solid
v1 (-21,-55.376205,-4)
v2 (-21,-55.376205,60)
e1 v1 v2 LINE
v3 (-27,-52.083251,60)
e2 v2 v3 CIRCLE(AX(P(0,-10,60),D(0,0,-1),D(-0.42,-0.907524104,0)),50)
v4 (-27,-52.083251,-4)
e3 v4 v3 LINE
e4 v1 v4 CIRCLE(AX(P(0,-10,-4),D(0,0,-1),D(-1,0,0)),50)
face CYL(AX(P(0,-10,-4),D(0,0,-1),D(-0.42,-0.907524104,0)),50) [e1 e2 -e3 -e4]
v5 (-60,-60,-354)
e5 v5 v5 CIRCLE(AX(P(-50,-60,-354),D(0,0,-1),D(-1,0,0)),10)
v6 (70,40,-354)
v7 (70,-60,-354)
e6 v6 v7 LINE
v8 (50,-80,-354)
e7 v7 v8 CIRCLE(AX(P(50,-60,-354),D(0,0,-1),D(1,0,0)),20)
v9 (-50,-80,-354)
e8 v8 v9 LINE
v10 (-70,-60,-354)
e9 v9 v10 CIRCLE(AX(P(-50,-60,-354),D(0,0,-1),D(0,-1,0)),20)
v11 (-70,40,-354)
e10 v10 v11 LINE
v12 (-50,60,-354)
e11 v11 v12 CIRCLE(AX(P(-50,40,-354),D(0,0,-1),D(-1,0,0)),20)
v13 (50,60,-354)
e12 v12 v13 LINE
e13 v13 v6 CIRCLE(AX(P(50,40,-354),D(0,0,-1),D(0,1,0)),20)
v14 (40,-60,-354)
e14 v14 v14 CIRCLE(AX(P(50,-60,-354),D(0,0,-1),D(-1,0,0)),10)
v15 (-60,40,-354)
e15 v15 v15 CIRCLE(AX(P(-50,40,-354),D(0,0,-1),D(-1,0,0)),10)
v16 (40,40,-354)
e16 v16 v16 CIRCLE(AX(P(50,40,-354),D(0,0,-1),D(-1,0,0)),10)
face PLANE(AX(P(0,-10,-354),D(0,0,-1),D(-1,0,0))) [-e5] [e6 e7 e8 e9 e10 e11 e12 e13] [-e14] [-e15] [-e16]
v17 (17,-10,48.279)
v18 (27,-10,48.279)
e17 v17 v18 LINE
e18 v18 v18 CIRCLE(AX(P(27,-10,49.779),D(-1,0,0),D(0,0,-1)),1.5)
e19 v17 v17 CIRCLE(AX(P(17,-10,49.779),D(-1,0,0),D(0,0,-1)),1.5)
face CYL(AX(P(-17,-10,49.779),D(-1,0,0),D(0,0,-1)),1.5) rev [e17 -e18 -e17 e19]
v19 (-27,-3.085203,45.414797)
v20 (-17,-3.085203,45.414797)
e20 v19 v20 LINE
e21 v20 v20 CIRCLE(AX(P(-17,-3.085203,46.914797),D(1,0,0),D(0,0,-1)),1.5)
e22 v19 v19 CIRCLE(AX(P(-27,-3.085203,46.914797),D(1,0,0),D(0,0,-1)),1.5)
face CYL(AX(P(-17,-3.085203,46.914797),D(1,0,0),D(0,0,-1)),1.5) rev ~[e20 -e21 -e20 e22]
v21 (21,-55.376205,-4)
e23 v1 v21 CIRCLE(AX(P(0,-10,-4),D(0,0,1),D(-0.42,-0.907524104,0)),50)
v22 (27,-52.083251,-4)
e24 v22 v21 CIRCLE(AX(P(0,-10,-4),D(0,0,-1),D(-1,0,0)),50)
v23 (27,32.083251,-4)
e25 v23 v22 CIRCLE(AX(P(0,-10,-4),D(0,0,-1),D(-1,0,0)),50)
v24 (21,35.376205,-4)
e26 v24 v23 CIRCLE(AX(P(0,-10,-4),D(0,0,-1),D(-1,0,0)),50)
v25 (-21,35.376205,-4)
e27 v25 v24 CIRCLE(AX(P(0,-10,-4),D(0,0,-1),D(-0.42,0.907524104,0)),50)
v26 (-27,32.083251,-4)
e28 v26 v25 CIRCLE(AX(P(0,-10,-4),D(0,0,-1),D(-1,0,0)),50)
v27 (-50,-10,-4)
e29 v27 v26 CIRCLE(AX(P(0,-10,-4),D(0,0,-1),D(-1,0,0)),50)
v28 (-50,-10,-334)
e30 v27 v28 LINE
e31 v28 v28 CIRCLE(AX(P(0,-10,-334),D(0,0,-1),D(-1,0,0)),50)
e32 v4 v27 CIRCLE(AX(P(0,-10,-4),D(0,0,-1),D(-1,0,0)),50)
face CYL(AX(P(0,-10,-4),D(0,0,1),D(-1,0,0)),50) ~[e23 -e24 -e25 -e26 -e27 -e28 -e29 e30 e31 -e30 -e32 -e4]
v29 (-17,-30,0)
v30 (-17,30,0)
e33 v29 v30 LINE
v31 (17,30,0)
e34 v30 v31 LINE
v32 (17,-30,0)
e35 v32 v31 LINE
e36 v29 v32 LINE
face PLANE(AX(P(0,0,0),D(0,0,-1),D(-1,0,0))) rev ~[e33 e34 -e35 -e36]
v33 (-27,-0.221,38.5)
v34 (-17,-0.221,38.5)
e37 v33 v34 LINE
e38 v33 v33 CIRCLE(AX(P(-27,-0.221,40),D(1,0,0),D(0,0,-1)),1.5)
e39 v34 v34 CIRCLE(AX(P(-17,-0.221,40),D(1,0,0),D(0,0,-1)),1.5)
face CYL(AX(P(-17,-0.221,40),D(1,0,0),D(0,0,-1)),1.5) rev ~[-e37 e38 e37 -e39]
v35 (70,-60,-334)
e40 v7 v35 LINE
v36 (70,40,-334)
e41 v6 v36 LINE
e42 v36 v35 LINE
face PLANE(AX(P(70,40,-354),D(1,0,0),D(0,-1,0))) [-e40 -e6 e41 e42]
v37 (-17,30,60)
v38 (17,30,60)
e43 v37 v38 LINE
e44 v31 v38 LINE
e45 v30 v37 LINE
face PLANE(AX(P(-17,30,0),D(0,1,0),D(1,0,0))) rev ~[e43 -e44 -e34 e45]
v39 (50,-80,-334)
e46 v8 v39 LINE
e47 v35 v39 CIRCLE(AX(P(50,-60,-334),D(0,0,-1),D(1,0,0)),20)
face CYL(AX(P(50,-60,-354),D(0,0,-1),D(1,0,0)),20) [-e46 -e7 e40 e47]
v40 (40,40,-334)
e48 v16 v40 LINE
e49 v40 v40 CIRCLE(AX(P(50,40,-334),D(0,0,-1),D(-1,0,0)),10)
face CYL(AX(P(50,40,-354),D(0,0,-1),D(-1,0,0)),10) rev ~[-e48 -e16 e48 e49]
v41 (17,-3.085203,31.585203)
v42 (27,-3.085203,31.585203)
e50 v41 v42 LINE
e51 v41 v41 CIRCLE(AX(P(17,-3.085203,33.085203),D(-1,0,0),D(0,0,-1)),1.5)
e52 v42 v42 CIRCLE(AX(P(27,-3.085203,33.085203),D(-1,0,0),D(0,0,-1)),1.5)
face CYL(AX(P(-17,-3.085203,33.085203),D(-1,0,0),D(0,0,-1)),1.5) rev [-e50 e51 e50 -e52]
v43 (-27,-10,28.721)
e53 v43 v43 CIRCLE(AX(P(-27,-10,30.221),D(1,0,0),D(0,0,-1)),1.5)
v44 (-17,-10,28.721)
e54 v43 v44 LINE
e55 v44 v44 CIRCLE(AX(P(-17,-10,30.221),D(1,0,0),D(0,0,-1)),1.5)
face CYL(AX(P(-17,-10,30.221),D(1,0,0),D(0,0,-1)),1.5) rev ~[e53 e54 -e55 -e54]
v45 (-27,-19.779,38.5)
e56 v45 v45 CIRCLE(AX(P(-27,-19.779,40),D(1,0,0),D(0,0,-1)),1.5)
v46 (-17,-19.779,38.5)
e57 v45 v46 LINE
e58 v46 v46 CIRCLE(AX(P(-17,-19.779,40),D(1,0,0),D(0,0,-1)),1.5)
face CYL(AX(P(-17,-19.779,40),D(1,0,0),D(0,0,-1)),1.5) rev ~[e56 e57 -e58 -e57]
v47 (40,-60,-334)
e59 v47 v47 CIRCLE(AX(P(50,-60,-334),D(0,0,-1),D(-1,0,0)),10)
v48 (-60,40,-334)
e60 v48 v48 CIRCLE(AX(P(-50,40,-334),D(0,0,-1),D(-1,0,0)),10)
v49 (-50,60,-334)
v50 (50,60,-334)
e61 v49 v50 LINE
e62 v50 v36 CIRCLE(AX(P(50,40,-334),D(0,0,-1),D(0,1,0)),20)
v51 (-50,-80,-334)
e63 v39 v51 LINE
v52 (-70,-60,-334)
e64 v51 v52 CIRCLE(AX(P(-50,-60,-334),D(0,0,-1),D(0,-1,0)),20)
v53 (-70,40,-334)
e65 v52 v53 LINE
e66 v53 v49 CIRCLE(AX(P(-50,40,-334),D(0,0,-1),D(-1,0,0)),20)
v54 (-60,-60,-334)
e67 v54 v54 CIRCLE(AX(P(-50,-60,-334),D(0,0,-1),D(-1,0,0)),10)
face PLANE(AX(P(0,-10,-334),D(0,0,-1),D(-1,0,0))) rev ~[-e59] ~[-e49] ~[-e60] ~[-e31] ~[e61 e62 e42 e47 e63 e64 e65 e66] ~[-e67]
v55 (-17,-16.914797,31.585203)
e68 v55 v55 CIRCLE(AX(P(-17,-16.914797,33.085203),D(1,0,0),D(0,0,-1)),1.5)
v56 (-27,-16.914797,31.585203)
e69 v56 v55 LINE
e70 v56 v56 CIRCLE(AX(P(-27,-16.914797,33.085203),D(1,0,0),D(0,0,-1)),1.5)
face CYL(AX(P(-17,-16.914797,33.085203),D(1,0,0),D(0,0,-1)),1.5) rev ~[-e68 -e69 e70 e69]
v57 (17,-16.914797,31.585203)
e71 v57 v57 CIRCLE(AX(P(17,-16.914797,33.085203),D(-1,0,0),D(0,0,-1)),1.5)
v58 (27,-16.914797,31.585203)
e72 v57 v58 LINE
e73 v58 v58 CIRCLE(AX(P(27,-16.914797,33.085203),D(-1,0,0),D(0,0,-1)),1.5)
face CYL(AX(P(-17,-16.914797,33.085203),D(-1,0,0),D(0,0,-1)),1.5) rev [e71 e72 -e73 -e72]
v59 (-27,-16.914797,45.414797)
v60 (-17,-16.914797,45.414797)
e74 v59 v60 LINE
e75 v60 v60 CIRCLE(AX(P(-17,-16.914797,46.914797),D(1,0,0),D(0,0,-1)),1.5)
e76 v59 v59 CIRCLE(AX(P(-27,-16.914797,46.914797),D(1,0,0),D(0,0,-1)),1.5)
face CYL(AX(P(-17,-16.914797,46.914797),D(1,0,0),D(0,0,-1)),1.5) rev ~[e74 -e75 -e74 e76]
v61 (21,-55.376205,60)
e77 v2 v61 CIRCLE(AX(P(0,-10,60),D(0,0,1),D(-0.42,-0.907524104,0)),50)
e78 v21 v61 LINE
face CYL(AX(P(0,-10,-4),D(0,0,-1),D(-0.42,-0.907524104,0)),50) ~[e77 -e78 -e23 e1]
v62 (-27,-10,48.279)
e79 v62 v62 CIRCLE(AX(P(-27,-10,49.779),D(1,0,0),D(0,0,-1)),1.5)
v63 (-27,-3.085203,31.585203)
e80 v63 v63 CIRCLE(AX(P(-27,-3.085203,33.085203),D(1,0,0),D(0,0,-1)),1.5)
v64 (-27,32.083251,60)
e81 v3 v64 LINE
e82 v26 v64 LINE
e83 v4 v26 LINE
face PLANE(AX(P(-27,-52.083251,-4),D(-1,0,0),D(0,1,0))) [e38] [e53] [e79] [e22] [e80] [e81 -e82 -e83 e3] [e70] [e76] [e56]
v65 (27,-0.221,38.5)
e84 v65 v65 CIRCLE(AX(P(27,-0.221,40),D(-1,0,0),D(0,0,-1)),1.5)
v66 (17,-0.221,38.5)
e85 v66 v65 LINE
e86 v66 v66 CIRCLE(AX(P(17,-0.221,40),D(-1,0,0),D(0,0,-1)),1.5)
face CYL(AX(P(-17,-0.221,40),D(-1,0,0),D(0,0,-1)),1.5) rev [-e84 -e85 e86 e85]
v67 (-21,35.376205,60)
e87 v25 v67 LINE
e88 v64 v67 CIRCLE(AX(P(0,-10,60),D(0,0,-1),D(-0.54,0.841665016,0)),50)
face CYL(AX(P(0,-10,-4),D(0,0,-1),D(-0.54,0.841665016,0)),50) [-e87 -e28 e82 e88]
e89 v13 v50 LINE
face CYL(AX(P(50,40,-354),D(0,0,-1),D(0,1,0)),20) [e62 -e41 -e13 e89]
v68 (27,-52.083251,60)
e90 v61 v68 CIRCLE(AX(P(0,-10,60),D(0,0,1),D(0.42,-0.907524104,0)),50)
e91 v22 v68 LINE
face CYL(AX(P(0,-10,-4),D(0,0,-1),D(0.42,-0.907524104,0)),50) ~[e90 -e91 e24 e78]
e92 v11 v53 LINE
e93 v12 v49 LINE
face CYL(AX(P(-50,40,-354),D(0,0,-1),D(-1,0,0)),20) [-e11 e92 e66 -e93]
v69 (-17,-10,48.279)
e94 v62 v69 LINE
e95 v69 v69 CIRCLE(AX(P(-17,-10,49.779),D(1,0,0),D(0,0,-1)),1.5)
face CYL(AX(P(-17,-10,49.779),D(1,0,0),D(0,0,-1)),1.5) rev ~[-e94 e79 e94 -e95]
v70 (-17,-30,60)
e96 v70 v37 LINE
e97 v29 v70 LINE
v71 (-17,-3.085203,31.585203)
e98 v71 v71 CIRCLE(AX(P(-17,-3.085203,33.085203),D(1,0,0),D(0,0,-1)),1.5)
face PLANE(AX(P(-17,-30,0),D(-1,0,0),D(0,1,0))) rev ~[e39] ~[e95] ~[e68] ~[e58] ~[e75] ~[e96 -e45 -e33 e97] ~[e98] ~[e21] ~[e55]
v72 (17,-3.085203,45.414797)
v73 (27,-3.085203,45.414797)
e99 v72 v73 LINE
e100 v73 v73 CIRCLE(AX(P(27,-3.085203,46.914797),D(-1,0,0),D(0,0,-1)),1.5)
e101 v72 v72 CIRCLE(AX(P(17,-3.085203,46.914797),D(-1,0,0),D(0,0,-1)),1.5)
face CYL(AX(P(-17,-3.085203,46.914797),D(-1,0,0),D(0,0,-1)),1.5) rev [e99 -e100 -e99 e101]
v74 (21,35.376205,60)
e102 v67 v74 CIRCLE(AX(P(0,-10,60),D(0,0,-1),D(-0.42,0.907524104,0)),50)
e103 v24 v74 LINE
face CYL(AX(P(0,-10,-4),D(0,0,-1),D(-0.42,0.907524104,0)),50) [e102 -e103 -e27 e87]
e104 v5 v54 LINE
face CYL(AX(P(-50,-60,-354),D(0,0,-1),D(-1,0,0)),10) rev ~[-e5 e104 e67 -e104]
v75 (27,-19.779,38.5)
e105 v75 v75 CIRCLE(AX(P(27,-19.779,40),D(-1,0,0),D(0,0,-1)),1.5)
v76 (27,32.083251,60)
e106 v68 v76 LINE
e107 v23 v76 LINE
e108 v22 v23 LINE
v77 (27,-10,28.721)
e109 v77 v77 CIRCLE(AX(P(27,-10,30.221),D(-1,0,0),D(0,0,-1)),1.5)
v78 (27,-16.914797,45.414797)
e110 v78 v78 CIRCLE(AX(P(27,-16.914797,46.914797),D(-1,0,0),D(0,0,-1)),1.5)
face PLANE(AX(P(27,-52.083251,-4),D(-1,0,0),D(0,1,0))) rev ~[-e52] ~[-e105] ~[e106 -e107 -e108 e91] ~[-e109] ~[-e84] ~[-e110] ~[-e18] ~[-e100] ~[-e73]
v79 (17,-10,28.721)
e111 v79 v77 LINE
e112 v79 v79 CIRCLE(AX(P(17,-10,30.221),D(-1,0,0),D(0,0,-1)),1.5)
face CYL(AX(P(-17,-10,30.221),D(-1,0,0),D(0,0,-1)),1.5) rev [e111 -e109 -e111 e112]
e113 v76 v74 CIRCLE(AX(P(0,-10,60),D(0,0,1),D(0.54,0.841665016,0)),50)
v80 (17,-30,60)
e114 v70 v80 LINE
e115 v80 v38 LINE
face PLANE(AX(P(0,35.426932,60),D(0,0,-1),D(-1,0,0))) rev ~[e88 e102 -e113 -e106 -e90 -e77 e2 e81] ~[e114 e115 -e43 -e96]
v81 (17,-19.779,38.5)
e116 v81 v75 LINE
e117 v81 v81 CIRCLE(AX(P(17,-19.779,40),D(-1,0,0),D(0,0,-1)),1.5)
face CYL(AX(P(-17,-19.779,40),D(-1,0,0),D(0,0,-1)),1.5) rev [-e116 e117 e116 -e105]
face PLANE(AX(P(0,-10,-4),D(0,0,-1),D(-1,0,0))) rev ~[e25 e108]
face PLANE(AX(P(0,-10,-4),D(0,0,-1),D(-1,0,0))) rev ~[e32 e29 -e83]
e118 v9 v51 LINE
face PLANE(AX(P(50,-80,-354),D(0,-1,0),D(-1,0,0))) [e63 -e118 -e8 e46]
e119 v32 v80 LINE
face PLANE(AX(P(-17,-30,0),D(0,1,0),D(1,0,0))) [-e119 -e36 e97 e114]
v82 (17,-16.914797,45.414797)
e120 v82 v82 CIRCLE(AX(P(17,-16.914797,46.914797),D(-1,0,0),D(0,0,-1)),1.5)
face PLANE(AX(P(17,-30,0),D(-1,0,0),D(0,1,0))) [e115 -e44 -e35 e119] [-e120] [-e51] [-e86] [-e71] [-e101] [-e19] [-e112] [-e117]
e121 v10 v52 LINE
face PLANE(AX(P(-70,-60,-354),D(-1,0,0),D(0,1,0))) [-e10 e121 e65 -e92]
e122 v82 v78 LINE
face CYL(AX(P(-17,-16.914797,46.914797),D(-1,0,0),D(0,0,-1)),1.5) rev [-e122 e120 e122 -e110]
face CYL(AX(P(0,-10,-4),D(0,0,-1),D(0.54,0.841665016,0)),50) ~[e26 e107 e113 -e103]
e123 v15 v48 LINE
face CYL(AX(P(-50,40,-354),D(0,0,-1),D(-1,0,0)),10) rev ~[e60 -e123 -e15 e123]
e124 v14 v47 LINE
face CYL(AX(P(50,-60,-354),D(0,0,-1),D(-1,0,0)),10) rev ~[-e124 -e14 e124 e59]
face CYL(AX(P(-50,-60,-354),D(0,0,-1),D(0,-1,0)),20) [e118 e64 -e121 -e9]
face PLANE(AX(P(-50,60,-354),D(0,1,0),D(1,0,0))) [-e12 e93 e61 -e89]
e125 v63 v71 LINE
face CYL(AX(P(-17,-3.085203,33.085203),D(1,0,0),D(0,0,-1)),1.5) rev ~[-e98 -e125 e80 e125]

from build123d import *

# Parameters (mm, degrees)
CROQUIS1_W                 = 42
CROQUIS1_H                 = 68
CROQUIS1_W_2               = 34
CROQUIS1_H_2               = 60
SALIENTE_EXTRUIR1_DEPTH    = 60
CROQUIS2_R                 = 1.5
CORTAR_EXTRUIR1_DEPTH      = 39
CORTAR_EXTRUIR1_DEPTH_BACK = 5
CROQUIS3_W                 = 42
CROQUIS3_H                 = 68
SALIENTE_EXTRUIR2_DEPTH    = 4
CROQUIS4_W                 = 64
CROQUIS4_H                 = 20
SALIENTE_EXTRUIR3_DEPTH    = 42
SALIENTE_EXTRUIR4_DEPTH    = 64
SALIENTE_EXTRUIR6_DEPTH    = 64
CROQUIS8_R                 = 50
SALIENTE_EXTRUIR7_DEPTH    = 350
SALIENTE_EXTRUIR8_START    = -4
SALIENTE_EXTRUIR8_DEPTH    = 64
CROQUIS11_R                = 1.5
CORTAR_EXTRUIR2_DEPTH      = 68
CORTAR_EXTRUIR2_DEPTH_BACK = 34
CROQUIS13_R                = 10
CROQUIS13_R_2              = 50
SALIENTE_EXTRUIR9_DEPTH    = 20


with BuildPart() as part:
    # Croquis1 → Saliente-Extruir1 (new body)
    with BuildSketch(Plane.XY):
        Rectangle(CROQUIS1_W, CROQUIS1_H)
        Rectangle(CROQUIS1_W_2, CROQUIS1_H_2, mode=Mode.SUBTRACT)
    extrude(amount=SALIENTE_EXTRUIR1_DEPTH)

    # Croquis2 → Cortar-Extruir1 (cut, two sides)
    with BuildSketch(Plane(origin=(-17, 0, 0), x_dir=(0, 0, -1), z_dir=(1, 0, 0))) as cortar_extruir1_sk:
        with Locations((-49.779, -10)):
            Circle(CROQUIS2_R)
        with Locations((-46.914797213, -3.085202787)):
            Circle(CROQUIS2_R)
        with Locations((-40, -0.221)):
            Circle(CROQUIS2_R)
        with Locations((-33.085202787, -3.085202787)):
            Circle(CROQUIS2_R)
        with Locations((-30.221, -10)):
            Circle(CROQUIS2_R)
        with Locations((-33.085202787, -16.914797213)):
            Circle(CROQUIS2_R)
        with Locations((-40, -19.779)):
            Circle(CROQUIS2_R)
        with Locations((-46.914797213, -16.914797213)):
            Circle(CROQUIS2_R)
    extrude(amount=CORTAR_EXTRUIR1_DEPTH, mode=Mode.SUBTRACT)
    extrude(cortar_extruir1_sk.sketch, amount=-CORTAR_EXTRUIR1_DEPTH_BACK, mode=Mode.SUBTRACT)

    # Croquis3 → Saliente-Extruir2 (add)
    with BuildSketch(Plane(origin=(0, 0, 0), x_dir=(-1, 0, 0), z_dir=(0, 0, -1))):
        Rectangle(CROQUIS3_W, CROQUIS3_H)
    extrude(amount=SALIENTE_EXTRUIR2_DEPTH)

    # Croquis4 → Saliente-Extruir3 (add)
    with BuildSketch(Plane(origin=(21, 0, 0), x_dir=(0, 0, -1), z_dir=(1, 0, 0))):
        with Locations((-28, -44)):
            Rectangle(CROQUIS4_W, CROQUIS4_H)
    extrude(amount=-SALIENTE_EXTRUIR3_DEPTH)

    # Croquis5 → Saliente-Extruir4 (add)
    with BuildSketch(Plane(origin=(0, 0, -4), x_dir=(-1, 0, 0), z_dir=(0, 0, -1))):
        with BuildLine():
            ThreePointArc((21, 34), (0, 38.754486973), (-21, 34))
            Line((-21, 34), (21, 34))
        make_face()
        with BuildLine():
            ThreePointArc((-21, -54), (0, -58.754486973), (21, -54))
            Line((21, -54), (-21, -54))
        make_face()
    extrude(amount=-SALIENTE_EXTRUIR4_DEPTH)

    # Croquis6 → Saliente-Extruir6 (add)
    with BuildSketch(Plane(origin=(0, 0, -4), x_dir=(-1, 0, 0), z_dir=(0, 0, -1))):
        with BuildLine():
            Line((-21, 34), (21, 34))
            Line((21, 34), (21, 35.376205218))
            ThreePointArc((21, 35.376205218), (0, 40), (-21, 35.376205218))
            Line((-21, 35.376205218), (-21, 34))
        make_face()
        with BuildLine():
            Line((-21, -55.376205218), (-21, -54))
            Line((-21, -54), (21, -54))
            Line((21, -54), (21, -55.376205218))
            ThreePointArc((21, -55.376205218), (0, -60), (-21, -55.376205218))
        make_face()
    extrude(amount=-SALIENTE_EXTRUIR6_DEPTH)

    # Croquis8 → Saliente-Extruir7 (add)
    with BuildSketch(Plane(origin=(0, 0, -4), x_dir=(-1, 0, 0), z_dir=(0, 0, -1))):
        with Locations((0, -10)):
            Circle(CROQUIS8_R)
    extrude(amount=SALIENTE_EXTRUIR7_DEPTH)

    # Croquis10 → Saliente-Extruir8 (add)
    with BuildSketch(Plane.XY.offset(SALIENTE_EXTRUIR8_START)):
        with BuildLine():
            Line((-21, 35.376205218), (-21, -55.376205218))
            ThreePointArc((-21, -55.376205218), (-24.056410521, -53.832512053), (-27, -52.083250825))
            Line((-27, -52.083250825), (-27, 32.083250825))
            ThreePointArc((-27, 32.083250825), (-24.056410521, 33.832512053), (-21, 35.376205218))
        make_face()
        with BuildLine():
            Line((21, 35.376205218), (21, -55.376205218))
            ThreePointArc((21, -55.376205218), (24.056410521, -53.832512053), (27, -52.083250825))
            Line((27, -52.083250825), (27, 32.083250825))
            ThreePointArc((27, 32.083250825), (24.056410521, 33.832512053), (21, 35.376205218))
        make_face()
    extrude(amount=SALIENTE_EXTRUIR8_DEPTH)

    # Croquis11 → Cortar-Extruir2 (cut, two sides)
    with BuildSketch(Plane(origin=(-17, 0, 0), x_dir=(0, 0, -1), z_dir=(1, 0, 0))) as cortar_extruir2_sk:
        with Locations((-49.779, -10)):
            Circle(CROQUIS11_R)
        with Locations((-46.914797213, -3.085202787)):
            Circle(CROQUIS11_R)
        with Locations((-40, -0.221)):
            Circle(CROQUIS11_R)
        with Locations((-33.085202787, -3.085202787)):
            Circle(CROQUIS11_R)
        with Locations((-30.221, -10)):
            Circle(CROQUIS11_R)
        with Locations((-33.085202787, -16.914797213)):
            Circle(CROQUIS11_R)
        with Locations((-40, -19.779)):
            Circle(CROQUIS11_R)
        with Locations((-46.914797213, -16.914797213)):
            Circle(CROQUIS11_R)
    extrude(amount=CORTAR_EXTRUIR2_DEPTH, mode=Mode.SUBTRACT)
    extrude(cortar_extruir2_sk.sketch, amount=-CORTAR_EXTRUIR2_DEPTH_BACK, mode=Mode.SUBTRACT)

    # Croquis13 → Saliente-Extruir9 (add)
    with BuildSketch(Plane(origin=(0, 0, -354), x_dir=(-1, 0, 0), z_dir=(0, 0, -1))):
        with BuildLine():
            Line((-50, -80), (50, -80))
            ThreePointArc((50, -80), (64.142135624, -74.142135624), (70, -60))
            Line((70, -60), (70, 40))
            ThreePointArc((70, 40), (64.142135624, 54.142135624), (50, 60))
            Line((50, 60), (-50, 60))
            ThreePointArc((-50, 60), (-64.142135624, 54.142135624), (-70, 40))
            Line((-70, 40), (-70, -60))
            ThreePointArc((-70, -60), (-64.142135624, -74.142135624), (-50, -80))
        make_face()
        with Locations((-50, 40)):
            Circle(CROQUIS13_R, mode=Mode.SUBTRACT)
        with Locations((-50, -60)):
            Circle(CROQUIS13_R, mode=Mode.SUBTRACT)
        with Locations((50, 40)):
            Circle(CROQUIS13_R, mode=Mode.SUBTRACT)
        with Locations((50, -60)):
            Circle(CROQUIS13_R, mode=Mode.SUBTRACT)
        with Locations((0, -10)):
            Circle(CROQUIS13_R_2, mode=Mode.SUBTRACT)
    extrude(amount=-SALIENTE_EXTRUIR9_DEPTH)


solid = part.part
